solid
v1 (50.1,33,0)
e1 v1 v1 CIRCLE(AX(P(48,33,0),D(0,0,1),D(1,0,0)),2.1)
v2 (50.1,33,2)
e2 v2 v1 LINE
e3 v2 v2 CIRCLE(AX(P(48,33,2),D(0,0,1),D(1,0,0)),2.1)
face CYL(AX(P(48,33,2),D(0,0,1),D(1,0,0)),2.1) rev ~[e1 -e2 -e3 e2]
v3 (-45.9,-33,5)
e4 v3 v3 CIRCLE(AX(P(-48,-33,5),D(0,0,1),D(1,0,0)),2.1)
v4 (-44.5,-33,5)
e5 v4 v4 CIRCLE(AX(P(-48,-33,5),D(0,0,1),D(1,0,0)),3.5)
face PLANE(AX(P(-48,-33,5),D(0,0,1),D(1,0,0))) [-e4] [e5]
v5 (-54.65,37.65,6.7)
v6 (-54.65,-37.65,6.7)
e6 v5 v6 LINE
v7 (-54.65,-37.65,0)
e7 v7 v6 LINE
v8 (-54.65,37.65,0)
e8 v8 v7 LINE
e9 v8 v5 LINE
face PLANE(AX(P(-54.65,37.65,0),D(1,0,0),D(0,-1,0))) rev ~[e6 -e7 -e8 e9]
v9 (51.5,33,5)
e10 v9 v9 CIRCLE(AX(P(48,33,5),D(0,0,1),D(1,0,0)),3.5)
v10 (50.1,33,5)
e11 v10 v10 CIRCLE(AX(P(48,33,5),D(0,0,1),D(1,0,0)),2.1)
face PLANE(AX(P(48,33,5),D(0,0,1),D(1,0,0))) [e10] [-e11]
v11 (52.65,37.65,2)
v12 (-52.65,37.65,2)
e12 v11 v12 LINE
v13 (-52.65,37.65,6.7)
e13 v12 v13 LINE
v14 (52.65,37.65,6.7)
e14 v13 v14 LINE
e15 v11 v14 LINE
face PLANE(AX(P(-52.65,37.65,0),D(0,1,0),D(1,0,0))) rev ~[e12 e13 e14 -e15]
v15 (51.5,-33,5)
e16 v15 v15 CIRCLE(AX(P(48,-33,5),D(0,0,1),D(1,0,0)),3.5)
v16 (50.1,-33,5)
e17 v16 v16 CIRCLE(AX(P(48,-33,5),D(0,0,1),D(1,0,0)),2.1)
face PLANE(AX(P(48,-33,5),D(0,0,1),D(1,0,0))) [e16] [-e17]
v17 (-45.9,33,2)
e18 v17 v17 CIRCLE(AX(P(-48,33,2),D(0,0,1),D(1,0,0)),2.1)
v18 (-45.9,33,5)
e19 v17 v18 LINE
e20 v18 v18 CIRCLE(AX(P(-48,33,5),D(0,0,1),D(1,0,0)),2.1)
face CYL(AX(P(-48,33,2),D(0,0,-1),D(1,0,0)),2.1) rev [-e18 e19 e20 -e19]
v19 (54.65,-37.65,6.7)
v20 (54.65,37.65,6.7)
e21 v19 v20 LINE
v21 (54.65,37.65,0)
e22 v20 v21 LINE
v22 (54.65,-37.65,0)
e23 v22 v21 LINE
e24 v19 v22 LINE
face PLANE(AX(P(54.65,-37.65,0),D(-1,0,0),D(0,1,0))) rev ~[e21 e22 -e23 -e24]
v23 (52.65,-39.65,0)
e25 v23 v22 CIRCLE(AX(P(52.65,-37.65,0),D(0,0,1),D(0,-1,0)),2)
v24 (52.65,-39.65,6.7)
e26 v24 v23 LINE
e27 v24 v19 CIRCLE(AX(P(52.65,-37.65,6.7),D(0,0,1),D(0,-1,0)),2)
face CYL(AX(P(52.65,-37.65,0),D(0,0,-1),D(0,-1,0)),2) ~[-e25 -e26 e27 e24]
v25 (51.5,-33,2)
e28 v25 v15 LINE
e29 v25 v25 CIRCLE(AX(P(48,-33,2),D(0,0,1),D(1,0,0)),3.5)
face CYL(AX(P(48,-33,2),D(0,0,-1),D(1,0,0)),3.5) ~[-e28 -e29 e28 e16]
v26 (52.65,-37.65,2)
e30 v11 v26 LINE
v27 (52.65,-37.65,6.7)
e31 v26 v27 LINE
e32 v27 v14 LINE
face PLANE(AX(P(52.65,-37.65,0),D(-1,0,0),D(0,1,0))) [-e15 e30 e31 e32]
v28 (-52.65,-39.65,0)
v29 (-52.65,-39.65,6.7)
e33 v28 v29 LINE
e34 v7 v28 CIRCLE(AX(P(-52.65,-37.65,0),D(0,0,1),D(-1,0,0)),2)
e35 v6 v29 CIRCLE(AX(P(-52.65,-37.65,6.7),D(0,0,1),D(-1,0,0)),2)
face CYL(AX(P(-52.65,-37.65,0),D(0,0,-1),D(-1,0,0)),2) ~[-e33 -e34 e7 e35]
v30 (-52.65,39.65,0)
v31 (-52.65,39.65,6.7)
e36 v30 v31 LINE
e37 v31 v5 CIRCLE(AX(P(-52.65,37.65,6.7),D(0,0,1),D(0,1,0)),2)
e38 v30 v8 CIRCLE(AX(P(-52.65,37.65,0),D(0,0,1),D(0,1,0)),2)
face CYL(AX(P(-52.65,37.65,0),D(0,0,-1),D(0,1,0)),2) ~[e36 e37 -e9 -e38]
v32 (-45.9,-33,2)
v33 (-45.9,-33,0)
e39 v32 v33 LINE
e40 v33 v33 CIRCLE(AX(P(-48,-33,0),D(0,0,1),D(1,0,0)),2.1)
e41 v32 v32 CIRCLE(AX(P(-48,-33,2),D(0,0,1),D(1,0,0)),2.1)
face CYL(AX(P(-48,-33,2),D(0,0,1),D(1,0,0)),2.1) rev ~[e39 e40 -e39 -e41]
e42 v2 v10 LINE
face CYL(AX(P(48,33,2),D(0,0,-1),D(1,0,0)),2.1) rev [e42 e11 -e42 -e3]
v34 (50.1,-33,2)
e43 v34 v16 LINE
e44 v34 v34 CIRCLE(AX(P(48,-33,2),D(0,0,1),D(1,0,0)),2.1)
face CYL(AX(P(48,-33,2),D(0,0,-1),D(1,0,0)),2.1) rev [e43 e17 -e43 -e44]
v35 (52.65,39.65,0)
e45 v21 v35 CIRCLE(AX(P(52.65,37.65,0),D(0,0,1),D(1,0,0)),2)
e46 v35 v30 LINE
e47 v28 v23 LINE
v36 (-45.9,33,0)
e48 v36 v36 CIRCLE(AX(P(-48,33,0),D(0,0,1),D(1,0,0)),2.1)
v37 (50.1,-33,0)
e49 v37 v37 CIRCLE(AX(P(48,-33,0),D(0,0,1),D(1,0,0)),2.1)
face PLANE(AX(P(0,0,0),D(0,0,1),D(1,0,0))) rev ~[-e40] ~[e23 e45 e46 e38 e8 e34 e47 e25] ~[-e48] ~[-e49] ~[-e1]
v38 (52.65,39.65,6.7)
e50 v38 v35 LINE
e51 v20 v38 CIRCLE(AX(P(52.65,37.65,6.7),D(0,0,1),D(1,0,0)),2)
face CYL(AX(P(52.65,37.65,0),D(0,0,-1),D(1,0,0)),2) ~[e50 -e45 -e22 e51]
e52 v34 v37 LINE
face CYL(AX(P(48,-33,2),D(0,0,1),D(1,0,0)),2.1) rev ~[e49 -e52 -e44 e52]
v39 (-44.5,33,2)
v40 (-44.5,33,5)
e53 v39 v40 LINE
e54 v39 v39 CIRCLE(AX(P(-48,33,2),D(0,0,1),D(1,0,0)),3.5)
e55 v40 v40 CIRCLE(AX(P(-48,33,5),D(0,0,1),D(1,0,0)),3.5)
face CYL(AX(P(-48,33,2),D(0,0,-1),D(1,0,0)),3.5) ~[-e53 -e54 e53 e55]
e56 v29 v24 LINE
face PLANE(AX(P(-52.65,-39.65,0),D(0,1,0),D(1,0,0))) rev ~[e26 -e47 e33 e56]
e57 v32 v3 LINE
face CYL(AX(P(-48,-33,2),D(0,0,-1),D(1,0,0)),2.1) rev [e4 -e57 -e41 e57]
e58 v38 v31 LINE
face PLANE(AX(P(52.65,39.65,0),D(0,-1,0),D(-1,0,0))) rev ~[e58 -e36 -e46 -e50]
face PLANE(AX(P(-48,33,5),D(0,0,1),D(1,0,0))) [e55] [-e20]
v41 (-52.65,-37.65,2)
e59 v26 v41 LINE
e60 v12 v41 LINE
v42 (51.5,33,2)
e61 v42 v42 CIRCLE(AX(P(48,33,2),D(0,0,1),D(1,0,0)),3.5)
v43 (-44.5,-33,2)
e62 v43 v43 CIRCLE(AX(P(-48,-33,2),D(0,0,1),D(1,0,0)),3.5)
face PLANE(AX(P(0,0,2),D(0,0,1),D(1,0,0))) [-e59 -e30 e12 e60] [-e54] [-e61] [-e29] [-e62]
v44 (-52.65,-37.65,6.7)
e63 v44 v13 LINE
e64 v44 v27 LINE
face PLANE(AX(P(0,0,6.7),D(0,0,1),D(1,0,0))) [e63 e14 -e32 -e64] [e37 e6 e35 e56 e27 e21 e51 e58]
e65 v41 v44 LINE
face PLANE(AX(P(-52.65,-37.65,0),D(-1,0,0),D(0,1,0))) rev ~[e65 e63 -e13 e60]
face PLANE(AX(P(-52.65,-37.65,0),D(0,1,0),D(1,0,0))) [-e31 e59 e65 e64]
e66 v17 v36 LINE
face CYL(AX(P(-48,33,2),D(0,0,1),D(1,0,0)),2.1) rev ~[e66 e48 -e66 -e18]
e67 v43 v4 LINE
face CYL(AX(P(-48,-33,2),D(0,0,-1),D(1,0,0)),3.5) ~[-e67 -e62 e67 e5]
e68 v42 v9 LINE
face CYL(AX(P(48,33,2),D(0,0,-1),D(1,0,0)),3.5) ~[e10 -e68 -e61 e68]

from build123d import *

# Parameters (mm, degrees)
F0_W     = 105.3
F0_H     = 75.3
F1_DEPTH = 2
F2_DEPTH = 6.7
F3_R     = 3.5
F3_R_2   = 2.1
F4_DEPTH = 3
F5_DEPTH = 25


with BuildPart() as f1:
    # F0 (on Top) → F1 (new body)
    with BuildSketch(Plane.XY):
        with BuildLine():
            Line((52.65, 39.65), (-52.65, 39.65))
            ThreePointArc((-52.65, 39.65), (-54.0642135624, 39.0642135624), (-54.65, 37.65))
            Line((-54.65, 37.65), (-54.65, -37.65))
            ThreePointArc((-54.65, -37.65), (-54.0642135624, -39.0642135624), (-52.65, -39.65))
            Line((-52.65, -39.65), (52.65, -39.65))
            ThreePointArc((52.65, -39.65), (54.0642135624, -39.0642135624), (54.65, -37.65))
            Line((54.65, -37.65), (54.65, 37.65))
            ThreePointArc((54.65, 37.65), (54.0642135624, 39.0642135624), (52.65, 39.65))
        make_face()
        Rectangle(F0_W, F0_H, mode=Mode.SUBTRACT)
        Rectangle(F0_W, F0_H)
    extrude(amount=F1_DEPTH)

    # F0 (on Top) → F2 (join)
    with BuildSketch(Plane.XY):
        with BuildLine():
            Line((52.65, 39.65), (-52.65, 39.65))
            ThreePointArc((-52.65, 39.65), (-54.0642135624, 39.0642135624), (-54.65, 37.65))
            Line((-54.65, 37.65), (-54.65, -37.65))
            ThreePointArc((-54.65, -37.65), (-54.0642135624, -39.0642135624), (-52.65, -39.65))
            Line((-52.65, -39.65), (52.65, -39.65))
            ThreePointArc((52.65, -39.65), (54.0642135624, -39.0642135624), (54.65, -37.65))
            Line((54.65, -37.65), (54.65, 37.65))
            ThreePointArc((54.65, 37.65), (54.0642135624, 39.0642135624), (52.65, 39.65))
        make_face()
        Rectangle(F0_W, F0_H, mode=Mode.SUBTRACT)
    extrude(amount=F2_DEPTH)

    # F3 (on face) → F4 (join)
    with BuildSketch(Plane.XY.offset(2)):
        with Locations((-48, 33)):
            Circle(F3_R)
        with Locations((-48, 33)):
            Circle(F3_R_2, mode=Mode.SUBTRACT)
        with Locations((48, 33)):
            Circle(F3_R)
        with Locations((48, 33)):
            Circle(F3_R_2, mode=Mode.SUBTRACT)
        with Locations((48, -33)):
            Circle(F3_R)
        with Locations((48, -33)):
            Circle(F3_R_2, mode=Mode.SUBTRACT)
        with Locations((-48, -33)):
            Circle(F3_R)
        with Locations((-48, -33)):
            Circle(F3_R_2, mode=Mode.SUBTRACT)
    extrude(amount=F4_DEPTH)

    # F5 (cut): faces of the model
    f5_faces = [f1.faces().sort_by_distance(p)[0] for p in [
        (-48, 33, 2),
        (48, 33, 2),
        (48, -33, 2),
        (-48, -33, 2),
    ]]
    extrude(f5_faces, amount=-F5_DEPTH, mode=Mode.SUBTRACT)


solid = f1.part
